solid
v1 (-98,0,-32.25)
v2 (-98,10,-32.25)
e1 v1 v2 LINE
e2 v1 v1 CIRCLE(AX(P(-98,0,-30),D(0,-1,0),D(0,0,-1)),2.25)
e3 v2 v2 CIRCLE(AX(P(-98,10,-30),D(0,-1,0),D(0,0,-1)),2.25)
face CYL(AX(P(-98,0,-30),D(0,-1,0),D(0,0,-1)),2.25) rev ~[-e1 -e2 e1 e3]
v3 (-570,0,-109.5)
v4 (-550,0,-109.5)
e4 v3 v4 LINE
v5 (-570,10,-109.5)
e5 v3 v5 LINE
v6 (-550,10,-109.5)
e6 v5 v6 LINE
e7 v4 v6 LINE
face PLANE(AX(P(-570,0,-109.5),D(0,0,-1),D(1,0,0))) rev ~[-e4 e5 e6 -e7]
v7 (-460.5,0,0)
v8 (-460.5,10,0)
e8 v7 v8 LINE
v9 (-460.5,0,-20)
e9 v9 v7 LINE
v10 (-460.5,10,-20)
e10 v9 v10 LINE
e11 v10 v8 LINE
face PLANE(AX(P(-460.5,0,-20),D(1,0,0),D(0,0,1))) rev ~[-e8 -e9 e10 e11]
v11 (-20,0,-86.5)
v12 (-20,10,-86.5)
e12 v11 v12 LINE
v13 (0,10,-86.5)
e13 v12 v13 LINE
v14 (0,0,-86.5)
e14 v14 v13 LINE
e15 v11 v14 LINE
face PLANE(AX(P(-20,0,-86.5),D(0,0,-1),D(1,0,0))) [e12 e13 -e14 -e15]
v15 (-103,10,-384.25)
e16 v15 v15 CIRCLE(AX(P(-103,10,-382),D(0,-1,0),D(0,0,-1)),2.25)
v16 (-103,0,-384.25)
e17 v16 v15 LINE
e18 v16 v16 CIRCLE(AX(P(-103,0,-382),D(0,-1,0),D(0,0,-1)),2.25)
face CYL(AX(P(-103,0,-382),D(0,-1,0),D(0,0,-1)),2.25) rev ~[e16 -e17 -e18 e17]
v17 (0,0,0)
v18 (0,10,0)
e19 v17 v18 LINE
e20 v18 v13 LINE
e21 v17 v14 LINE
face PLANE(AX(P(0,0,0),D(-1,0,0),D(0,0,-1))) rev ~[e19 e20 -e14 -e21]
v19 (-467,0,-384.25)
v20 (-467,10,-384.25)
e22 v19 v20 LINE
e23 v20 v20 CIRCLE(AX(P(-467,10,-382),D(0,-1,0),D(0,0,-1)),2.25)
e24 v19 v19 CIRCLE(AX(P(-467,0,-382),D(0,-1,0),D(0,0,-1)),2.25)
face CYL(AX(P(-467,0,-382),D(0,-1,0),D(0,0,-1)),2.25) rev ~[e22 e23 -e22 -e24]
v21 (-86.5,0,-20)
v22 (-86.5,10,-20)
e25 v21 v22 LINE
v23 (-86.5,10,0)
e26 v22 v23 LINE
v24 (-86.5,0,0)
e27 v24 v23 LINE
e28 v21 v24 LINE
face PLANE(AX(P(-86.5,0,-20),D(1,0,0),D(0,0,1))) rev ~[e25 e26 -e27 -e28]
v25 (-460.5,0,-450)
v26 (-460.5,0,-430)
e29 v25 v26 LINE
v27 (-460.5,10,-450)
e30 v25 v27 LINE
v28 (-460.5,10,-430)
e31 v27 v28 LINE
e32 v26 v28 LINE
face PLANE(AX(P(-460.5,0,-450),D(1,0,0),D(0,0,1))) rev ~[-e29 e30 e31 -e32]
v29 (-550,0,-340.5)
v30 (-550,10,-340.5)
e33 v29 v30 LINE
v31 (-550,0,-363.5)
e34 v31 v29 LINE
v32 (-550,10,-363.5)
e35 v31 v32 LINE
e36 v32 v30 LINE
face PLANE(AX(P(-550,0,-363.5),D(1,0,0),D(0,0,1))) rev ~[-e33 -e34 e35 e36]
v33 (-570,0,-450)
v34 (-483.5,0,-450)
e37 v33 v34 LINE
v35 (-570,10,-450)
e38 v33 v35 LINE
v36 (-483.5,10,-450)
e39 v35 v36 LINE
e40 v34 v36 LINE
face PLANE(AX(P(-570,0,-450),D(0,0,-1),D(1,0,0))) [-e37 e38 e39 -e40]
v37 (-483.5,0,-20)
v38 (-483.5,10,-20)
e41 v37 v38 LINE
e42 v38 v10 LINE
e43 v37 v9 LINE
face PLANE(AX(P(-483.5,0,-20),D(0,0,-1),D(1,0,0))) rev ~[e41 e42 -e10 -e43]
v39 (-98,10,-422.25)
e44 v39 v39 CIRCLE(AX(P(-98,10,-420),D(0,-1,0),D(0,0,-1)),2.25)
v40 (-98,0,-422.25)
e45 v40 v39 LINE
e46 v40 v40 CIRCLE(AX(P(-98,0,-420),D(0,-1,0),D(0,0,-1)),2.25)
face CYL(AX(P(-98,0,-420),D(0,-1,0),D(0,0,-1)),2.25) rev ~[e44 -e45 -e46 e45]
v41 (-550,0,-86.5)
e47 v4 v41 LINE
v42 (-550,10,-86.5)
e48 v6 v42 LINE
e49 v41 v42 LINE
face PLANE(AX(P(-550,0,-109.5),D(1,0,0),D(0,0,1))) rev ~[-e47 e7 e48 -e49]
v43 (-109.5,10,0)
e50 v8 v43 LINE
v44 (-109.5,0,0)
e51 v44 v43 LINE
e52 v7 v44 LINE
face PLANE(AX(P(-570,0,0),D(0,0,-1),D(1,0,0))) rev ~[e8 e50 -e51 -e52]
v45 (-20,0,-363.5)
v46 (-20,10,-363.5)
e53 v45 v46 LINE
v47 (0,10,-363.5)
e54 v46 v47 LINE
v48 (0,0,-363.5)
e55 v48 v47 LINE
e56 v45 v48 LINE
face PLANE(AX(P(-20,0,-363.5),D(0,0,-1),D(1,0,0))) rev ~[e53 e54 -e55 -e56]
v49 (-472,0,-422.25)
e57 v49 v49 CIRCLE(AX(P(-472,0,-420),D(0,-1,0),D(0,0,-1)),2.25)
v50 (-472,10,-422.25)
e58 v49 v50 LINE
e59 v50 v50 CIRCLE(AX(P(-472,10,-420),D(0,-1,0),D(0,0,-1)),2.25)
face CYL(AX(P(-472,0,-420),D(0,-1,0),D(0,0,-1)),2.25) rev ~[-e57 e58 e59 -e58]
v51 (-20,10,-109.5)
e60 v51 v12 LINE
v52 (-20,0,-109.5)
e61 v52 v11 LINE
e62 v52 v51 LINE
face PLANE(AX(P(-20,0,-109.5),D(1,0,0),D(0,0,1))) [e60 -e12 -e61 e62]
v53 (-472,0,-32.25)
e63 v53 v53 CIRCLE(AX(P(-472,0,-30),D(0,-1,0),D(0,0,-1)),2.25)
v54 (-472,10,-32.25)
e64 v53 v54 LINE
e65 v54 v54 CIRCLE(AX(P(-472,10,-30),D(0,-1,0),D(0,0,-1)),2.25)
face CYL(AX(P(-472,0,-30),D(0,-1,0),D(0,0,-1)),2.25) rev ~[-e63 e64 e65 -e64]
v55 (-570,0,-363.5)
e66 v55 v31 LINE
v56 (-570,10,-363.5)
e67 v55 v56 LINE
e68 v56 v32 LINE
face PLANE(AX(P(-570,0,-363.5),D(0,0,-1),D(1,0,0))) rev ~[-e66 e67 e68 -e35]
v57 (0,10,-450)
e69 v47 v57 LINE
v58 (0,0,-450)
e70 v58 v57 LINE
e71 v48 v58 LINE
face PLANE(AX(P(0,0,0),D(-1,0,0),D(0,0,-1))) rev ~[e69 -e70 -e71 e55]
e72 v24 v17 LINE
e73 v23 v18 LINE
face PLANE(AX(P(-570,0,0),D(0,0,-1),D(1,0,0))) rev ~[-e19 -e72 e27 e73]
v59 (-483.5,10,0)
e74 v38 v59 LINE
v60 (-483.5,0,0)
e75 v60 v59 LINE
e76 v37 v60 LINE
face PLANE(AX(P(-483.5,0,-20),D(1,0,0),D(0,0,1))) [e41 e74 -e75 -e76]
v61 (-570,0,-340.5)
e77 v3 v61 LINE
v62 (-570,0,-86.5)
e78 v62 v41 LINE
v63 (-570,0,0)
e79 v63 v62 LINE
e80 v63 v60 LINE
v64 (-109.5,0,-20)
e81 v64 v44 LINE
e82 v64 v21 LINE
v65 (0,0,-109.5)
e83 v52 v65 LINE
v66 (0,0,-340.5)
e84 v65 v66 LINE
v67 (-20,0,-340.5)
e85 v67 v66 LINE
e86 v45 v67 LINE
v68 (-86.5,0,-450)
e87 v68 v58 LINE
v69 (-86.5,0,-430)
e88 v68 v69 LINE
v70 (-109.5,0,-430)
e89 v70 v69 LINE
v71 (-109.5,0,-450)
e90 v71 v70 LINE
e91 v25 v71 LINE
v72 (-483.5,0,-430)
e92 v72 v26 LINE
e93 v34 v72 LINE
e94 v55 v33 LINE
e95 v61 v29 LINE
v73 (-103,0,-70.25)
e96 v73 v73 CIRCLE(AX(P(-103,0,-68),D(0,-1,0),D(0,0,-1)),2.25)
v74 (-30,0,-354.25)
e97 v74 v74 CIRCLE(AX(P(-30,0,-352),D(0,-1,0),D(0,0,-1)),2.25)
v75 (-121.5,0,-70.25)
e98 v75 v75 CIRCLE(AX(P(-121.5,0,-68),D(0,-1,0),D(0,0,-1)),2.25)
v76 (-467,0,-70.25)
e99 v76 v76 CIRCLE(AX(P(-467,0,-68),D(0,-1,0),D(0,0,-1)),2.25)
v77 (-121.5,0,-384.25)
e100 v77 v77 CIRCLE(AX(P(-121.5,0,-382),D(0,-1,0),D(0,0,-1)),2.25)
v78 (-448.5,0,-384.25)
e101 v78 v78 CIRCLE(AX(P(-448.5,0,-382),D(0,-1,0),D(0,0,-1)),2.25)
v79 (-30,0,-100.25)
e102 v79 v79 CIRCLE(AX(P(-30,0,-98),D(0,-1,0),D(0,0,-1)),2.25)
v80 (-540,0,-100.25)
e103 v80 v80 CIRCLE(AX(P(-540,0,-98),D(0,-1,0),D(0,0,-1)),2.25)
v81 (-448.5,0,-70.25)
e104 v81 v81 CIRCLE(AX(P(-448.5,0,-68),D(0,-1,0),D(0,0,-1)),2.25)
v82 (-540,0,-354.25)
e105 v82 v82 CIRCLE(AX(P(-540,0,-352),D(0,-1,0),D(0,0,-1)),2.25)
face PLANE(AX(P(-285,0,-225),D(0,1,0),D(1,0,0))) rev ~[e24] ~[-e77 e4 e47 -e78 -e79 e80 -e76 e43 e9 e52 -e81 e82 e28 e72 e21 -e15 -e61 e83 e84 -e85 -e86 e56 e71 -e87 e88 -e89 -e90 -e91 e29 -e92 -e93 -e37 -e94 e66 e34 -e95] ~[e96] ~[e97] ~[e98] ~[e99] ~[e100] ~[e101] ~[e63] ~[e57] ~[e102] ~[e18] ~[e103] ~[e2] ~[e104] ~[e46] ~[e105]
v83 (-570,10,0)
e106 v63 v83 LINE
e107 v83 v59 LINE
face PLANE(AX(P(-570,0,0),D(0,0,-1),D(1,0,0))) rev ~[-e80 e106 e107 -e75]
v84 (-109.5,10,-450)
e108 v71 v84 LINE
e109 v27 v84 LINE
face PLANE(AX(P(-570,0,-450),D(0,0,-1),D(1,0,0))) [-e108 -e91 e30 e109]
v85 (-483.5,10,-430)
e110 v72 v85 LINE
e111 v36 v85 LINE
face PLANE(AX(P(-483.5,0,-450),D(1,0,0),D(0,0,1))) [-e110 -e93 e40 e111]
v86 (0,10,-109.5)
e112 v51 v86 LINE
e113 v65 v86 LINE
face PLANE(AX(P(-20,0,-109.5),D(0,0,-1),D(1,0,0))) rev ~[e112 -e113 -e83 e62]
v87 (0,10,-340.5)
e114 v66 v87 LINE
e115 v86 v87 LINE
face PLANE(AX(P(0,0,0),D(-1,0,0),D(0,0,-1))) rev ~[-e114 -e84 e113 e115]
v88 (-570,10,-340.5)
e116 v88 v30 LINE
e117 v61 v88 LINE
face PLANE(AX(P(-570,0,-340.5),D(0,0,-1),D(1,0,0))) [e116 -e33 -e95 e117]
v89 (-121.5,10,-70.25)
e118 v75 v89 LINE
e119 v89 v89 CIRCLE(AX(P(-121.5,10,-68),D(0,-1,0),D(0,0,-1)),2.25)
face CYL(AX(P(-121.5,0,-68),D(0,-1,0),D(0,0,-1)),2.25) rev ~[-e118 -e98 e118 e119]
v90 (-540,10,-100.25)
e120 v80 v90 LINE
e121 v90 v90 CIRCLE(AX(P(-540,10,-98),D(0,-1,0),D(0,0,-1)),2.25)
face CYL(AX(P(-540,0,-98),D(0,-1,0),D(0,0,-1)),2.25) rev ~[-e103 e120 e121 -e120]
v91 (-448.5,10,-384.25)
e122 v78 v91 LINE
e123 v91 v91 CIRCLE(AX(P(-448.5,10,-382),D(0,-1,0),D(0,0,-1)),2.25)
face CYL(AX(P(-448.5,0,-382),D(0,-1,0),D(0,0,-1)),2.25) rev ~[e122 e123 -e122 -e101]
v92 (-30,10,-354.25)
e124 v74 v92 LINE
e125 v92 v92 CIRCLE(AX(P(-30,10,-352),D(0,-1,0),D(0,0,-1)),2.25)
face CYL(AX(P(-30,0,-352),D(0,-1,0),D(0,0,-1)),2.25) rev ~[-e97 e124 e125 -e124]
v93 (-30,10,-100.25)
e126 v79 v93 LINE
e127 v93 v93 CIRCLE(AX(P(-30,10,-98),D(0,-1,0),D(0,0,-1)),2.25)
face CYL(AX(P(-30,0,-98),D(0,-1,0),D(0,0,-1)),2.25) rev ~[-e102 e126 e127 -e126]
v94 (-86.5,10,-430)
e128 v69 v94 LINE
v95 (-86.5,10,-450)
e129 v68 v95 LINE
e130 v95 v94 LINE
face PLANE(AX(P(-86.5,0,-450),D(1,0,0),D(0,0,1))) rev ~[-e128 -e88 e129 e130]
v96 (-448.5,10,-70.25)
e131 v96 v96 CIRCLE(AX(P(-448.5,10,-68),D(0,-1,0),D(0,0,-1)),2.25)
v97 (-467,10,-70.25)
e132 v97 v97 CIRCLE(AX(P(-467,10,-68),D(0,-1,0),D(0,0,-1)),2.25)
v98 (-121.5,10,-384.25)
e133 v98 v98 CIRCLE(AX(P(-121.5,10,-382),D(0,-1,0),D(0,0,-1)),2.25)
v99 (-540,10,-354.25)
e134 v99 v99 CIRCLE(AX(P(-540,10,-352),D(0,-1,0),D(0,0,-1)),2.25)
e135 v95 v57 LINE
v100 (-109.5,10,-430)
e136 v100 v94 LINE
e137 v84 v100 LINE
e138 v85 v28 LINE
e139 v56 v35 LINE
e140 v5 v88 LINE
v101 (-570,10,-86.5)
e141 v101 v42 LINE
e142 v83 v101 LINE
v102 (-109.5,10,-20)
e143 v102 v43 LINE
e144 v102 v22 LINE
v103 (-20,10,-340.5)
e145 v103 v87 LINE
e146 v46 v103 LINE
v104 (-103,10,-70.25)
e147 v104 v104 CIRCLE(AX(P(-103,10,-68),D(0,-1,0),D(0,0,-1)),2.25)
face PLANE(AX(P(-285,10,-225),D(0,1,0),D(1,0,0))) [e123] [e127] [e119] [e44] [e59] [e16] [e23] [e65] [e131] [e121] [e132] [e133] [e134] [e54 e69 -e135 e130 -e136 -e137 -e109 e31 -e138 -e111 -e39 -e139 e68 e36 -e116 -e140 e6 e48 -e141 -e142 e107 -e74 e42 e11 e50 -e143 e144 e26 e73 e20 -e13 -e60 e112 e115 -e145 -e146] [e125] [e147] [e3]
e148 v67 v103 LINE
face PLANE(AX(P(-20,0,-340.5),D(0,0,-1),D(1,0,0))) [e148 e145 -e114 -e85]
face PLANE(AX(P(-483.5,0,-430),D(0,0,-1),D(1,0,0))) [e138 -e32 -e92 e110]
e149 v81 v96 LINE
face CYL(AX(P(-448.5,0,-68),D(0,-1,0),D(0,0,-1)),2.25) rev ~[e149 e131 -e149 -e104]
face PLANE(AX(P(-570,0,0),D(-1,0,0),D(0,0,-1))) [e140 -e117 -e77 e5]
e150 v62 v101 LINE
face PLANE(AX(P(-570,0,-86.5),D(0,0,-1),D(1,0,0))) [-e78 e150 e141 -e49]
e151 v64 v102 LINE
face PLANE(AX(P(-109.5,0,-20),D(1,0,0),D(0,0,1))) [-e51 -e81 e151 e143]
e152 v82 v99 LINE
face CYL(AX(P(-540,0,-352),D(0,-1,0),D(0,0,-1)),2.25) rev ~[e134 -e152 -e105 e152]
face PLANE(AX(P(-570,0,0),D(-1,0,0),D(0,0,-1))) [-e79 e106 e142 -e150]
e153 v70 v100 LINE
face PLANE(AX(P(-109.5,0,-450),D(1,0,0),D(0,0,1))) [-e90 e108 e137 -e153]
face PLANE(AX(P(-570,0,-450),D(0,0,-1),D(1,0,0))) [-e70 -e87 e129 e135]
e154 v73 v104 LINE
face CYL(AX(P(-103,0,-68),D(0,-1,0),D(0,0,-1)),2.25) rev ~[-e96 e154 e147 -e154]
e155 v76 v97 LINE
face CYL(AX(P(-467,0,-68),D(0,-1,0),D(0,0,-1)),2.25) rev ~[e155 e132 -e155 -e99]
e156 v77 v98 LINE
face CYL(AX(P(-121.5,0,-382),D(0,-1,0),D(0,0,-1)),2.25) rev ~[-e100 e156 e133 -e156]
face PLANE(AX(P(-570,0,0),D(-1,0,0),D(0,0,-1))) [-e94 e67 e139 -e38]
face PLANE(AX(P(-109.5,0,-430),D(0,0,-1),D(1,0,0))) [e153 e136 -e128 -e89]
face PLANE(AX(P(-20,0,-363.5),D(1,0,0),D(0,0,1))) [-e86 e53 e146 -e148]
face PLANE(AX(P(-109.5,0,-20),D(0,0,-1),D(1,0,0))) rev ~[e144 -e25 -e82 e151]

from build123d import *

# Parameters (mm, degrees)
SCHIZZO1_W                   = 570
SCHIZZO1_H                   = 450
ESTRUSIONE_ESTRUSIONE1_DEPTH = 10
SCHIZZO2_R                   = 2.25
SCHIZZO2_W                   = 23
SCHIZZO2_H                   = 20
SCHIZZO2_W_2                 = 20
SCHIZZO2_H_2                 = 23
TAGLIO_ESTRUSIONE1_DEPTH     = 10


with BuildPart() as part:
    # Schizzo1 → Estrusione-Estrusione1 (new body)
    with BuildSketch(Plane(origin=(0, 0, 0), x_dir=(1, 0, 0), z_dir=(0, 1, 0))):
        with Locations((-285, 225)):
            Rectangle(SCHIZZO1_W, SCHIZZO1_H)
    extrude(amount=ESTRUSIONE_ESTRUSIONE1_DEPTH)

    # Schizzo2 → Taglio-Estrusione1 (cut)
    with BuildSketch(Plane.XZ):
        with Locations(Location((-467, -68, 0), (0, 0, 270))):
            Circle(SCHIZZO2_R)
        with Locations(Location((-448.5, -68, 0), (0, 0, 270))):
            Circle(SCHIZZO2_R)
        with Locations(Location((-121.5, -68, 0), (0, 0, 270))):
            Circle(SCHIZZO2_R)
        with Locations(Location((-103, -68, 0), (0, 0, 270))):
            Circle(SCHIZZO2_R)
        with Locations(Location((-467, -382, 0), (0, 0, 270))):
            Circle(SCHIZZO2_R)
        with Locations(Location((-448.5, -382, 0), (0, 0, 270))):
            Circle(SCHIZZO2_R)
        with Locations(Location((-121.5, -382, 0), (0, 0, 270))):
            Circle(SCHIZZO2_R)
        with Locations(Location((-103, -382, 0), (0, 0, 270))):
            Circle(SCHIZZO2_R)
        with Locations(Location((-472, -420, 0), (0, 0, 270))):
            Circle(SCHIZZO2_R)
        with Locations(Location((-540, -352, 0), (0, 0, 270))):
            Circle(SCHIZZO2_R)
        with Locations(Location((-540, -98, 0), (0, 0, 270))):
            Circle(SCHIZZO2_R)
        with Locations(Location((-472, -30, 0), (0, 0, 270))):
            Circle(SCHIZZO2_R)
        with Locations(Location((-98, -30, 0), (0, 0, 270))):
            Circle(SCHIZZO2_R)
        with Locations(Location((-30, -98, 0), (0, 0, 270))):
            Circle(SCHIZZO2_R)
        with Locations(Location((-30, -352, 0), (0, 0, 270))):
            Circle(SCHIZZO2_R)
        with Locations(Location((-98, -420, 0), (0, 0, 270))):
            Circle(SCHIZZO2_R)
        with Locations((-472, -10)):
            Rectangle(SCHIZZO2_W, SCHIZZO2_H)
        with Locations((-98, -10)):
            Rectangle(SCHIZZO2_W, SCHIZZO2_H)
        with Locations((-10, -98)):
            Rectangle(SCHIZZO2_W_2, SCHIZZO2_H_2)
        with Locations((-10, -352)):
            Rectangle(SCHIZZO2_W_2, SCHIZZO2_H_2)
        with Locations((-98, -440)):
            Rectangle(SCHIZZO2_W, SCHIZZO2_H)
        with Locations((-472, -440)):
            Rectangle(SCHIZZO2_W, SCHIZZO2_H)
        with Locations((-560, -352)):
            Rectangle(SCHIZZO2_W_2, SCHIZZO2_H_2)
        with Locations((-560, -98)):
            Rectangle(SCHIZZO2_W_2, SCHIZZO2_H_2)
    extrude(amount=-TAGLIO_ESTRUSIONE1_DEPTH, mode=Mode.SUBTRACT)


solid = part.part
